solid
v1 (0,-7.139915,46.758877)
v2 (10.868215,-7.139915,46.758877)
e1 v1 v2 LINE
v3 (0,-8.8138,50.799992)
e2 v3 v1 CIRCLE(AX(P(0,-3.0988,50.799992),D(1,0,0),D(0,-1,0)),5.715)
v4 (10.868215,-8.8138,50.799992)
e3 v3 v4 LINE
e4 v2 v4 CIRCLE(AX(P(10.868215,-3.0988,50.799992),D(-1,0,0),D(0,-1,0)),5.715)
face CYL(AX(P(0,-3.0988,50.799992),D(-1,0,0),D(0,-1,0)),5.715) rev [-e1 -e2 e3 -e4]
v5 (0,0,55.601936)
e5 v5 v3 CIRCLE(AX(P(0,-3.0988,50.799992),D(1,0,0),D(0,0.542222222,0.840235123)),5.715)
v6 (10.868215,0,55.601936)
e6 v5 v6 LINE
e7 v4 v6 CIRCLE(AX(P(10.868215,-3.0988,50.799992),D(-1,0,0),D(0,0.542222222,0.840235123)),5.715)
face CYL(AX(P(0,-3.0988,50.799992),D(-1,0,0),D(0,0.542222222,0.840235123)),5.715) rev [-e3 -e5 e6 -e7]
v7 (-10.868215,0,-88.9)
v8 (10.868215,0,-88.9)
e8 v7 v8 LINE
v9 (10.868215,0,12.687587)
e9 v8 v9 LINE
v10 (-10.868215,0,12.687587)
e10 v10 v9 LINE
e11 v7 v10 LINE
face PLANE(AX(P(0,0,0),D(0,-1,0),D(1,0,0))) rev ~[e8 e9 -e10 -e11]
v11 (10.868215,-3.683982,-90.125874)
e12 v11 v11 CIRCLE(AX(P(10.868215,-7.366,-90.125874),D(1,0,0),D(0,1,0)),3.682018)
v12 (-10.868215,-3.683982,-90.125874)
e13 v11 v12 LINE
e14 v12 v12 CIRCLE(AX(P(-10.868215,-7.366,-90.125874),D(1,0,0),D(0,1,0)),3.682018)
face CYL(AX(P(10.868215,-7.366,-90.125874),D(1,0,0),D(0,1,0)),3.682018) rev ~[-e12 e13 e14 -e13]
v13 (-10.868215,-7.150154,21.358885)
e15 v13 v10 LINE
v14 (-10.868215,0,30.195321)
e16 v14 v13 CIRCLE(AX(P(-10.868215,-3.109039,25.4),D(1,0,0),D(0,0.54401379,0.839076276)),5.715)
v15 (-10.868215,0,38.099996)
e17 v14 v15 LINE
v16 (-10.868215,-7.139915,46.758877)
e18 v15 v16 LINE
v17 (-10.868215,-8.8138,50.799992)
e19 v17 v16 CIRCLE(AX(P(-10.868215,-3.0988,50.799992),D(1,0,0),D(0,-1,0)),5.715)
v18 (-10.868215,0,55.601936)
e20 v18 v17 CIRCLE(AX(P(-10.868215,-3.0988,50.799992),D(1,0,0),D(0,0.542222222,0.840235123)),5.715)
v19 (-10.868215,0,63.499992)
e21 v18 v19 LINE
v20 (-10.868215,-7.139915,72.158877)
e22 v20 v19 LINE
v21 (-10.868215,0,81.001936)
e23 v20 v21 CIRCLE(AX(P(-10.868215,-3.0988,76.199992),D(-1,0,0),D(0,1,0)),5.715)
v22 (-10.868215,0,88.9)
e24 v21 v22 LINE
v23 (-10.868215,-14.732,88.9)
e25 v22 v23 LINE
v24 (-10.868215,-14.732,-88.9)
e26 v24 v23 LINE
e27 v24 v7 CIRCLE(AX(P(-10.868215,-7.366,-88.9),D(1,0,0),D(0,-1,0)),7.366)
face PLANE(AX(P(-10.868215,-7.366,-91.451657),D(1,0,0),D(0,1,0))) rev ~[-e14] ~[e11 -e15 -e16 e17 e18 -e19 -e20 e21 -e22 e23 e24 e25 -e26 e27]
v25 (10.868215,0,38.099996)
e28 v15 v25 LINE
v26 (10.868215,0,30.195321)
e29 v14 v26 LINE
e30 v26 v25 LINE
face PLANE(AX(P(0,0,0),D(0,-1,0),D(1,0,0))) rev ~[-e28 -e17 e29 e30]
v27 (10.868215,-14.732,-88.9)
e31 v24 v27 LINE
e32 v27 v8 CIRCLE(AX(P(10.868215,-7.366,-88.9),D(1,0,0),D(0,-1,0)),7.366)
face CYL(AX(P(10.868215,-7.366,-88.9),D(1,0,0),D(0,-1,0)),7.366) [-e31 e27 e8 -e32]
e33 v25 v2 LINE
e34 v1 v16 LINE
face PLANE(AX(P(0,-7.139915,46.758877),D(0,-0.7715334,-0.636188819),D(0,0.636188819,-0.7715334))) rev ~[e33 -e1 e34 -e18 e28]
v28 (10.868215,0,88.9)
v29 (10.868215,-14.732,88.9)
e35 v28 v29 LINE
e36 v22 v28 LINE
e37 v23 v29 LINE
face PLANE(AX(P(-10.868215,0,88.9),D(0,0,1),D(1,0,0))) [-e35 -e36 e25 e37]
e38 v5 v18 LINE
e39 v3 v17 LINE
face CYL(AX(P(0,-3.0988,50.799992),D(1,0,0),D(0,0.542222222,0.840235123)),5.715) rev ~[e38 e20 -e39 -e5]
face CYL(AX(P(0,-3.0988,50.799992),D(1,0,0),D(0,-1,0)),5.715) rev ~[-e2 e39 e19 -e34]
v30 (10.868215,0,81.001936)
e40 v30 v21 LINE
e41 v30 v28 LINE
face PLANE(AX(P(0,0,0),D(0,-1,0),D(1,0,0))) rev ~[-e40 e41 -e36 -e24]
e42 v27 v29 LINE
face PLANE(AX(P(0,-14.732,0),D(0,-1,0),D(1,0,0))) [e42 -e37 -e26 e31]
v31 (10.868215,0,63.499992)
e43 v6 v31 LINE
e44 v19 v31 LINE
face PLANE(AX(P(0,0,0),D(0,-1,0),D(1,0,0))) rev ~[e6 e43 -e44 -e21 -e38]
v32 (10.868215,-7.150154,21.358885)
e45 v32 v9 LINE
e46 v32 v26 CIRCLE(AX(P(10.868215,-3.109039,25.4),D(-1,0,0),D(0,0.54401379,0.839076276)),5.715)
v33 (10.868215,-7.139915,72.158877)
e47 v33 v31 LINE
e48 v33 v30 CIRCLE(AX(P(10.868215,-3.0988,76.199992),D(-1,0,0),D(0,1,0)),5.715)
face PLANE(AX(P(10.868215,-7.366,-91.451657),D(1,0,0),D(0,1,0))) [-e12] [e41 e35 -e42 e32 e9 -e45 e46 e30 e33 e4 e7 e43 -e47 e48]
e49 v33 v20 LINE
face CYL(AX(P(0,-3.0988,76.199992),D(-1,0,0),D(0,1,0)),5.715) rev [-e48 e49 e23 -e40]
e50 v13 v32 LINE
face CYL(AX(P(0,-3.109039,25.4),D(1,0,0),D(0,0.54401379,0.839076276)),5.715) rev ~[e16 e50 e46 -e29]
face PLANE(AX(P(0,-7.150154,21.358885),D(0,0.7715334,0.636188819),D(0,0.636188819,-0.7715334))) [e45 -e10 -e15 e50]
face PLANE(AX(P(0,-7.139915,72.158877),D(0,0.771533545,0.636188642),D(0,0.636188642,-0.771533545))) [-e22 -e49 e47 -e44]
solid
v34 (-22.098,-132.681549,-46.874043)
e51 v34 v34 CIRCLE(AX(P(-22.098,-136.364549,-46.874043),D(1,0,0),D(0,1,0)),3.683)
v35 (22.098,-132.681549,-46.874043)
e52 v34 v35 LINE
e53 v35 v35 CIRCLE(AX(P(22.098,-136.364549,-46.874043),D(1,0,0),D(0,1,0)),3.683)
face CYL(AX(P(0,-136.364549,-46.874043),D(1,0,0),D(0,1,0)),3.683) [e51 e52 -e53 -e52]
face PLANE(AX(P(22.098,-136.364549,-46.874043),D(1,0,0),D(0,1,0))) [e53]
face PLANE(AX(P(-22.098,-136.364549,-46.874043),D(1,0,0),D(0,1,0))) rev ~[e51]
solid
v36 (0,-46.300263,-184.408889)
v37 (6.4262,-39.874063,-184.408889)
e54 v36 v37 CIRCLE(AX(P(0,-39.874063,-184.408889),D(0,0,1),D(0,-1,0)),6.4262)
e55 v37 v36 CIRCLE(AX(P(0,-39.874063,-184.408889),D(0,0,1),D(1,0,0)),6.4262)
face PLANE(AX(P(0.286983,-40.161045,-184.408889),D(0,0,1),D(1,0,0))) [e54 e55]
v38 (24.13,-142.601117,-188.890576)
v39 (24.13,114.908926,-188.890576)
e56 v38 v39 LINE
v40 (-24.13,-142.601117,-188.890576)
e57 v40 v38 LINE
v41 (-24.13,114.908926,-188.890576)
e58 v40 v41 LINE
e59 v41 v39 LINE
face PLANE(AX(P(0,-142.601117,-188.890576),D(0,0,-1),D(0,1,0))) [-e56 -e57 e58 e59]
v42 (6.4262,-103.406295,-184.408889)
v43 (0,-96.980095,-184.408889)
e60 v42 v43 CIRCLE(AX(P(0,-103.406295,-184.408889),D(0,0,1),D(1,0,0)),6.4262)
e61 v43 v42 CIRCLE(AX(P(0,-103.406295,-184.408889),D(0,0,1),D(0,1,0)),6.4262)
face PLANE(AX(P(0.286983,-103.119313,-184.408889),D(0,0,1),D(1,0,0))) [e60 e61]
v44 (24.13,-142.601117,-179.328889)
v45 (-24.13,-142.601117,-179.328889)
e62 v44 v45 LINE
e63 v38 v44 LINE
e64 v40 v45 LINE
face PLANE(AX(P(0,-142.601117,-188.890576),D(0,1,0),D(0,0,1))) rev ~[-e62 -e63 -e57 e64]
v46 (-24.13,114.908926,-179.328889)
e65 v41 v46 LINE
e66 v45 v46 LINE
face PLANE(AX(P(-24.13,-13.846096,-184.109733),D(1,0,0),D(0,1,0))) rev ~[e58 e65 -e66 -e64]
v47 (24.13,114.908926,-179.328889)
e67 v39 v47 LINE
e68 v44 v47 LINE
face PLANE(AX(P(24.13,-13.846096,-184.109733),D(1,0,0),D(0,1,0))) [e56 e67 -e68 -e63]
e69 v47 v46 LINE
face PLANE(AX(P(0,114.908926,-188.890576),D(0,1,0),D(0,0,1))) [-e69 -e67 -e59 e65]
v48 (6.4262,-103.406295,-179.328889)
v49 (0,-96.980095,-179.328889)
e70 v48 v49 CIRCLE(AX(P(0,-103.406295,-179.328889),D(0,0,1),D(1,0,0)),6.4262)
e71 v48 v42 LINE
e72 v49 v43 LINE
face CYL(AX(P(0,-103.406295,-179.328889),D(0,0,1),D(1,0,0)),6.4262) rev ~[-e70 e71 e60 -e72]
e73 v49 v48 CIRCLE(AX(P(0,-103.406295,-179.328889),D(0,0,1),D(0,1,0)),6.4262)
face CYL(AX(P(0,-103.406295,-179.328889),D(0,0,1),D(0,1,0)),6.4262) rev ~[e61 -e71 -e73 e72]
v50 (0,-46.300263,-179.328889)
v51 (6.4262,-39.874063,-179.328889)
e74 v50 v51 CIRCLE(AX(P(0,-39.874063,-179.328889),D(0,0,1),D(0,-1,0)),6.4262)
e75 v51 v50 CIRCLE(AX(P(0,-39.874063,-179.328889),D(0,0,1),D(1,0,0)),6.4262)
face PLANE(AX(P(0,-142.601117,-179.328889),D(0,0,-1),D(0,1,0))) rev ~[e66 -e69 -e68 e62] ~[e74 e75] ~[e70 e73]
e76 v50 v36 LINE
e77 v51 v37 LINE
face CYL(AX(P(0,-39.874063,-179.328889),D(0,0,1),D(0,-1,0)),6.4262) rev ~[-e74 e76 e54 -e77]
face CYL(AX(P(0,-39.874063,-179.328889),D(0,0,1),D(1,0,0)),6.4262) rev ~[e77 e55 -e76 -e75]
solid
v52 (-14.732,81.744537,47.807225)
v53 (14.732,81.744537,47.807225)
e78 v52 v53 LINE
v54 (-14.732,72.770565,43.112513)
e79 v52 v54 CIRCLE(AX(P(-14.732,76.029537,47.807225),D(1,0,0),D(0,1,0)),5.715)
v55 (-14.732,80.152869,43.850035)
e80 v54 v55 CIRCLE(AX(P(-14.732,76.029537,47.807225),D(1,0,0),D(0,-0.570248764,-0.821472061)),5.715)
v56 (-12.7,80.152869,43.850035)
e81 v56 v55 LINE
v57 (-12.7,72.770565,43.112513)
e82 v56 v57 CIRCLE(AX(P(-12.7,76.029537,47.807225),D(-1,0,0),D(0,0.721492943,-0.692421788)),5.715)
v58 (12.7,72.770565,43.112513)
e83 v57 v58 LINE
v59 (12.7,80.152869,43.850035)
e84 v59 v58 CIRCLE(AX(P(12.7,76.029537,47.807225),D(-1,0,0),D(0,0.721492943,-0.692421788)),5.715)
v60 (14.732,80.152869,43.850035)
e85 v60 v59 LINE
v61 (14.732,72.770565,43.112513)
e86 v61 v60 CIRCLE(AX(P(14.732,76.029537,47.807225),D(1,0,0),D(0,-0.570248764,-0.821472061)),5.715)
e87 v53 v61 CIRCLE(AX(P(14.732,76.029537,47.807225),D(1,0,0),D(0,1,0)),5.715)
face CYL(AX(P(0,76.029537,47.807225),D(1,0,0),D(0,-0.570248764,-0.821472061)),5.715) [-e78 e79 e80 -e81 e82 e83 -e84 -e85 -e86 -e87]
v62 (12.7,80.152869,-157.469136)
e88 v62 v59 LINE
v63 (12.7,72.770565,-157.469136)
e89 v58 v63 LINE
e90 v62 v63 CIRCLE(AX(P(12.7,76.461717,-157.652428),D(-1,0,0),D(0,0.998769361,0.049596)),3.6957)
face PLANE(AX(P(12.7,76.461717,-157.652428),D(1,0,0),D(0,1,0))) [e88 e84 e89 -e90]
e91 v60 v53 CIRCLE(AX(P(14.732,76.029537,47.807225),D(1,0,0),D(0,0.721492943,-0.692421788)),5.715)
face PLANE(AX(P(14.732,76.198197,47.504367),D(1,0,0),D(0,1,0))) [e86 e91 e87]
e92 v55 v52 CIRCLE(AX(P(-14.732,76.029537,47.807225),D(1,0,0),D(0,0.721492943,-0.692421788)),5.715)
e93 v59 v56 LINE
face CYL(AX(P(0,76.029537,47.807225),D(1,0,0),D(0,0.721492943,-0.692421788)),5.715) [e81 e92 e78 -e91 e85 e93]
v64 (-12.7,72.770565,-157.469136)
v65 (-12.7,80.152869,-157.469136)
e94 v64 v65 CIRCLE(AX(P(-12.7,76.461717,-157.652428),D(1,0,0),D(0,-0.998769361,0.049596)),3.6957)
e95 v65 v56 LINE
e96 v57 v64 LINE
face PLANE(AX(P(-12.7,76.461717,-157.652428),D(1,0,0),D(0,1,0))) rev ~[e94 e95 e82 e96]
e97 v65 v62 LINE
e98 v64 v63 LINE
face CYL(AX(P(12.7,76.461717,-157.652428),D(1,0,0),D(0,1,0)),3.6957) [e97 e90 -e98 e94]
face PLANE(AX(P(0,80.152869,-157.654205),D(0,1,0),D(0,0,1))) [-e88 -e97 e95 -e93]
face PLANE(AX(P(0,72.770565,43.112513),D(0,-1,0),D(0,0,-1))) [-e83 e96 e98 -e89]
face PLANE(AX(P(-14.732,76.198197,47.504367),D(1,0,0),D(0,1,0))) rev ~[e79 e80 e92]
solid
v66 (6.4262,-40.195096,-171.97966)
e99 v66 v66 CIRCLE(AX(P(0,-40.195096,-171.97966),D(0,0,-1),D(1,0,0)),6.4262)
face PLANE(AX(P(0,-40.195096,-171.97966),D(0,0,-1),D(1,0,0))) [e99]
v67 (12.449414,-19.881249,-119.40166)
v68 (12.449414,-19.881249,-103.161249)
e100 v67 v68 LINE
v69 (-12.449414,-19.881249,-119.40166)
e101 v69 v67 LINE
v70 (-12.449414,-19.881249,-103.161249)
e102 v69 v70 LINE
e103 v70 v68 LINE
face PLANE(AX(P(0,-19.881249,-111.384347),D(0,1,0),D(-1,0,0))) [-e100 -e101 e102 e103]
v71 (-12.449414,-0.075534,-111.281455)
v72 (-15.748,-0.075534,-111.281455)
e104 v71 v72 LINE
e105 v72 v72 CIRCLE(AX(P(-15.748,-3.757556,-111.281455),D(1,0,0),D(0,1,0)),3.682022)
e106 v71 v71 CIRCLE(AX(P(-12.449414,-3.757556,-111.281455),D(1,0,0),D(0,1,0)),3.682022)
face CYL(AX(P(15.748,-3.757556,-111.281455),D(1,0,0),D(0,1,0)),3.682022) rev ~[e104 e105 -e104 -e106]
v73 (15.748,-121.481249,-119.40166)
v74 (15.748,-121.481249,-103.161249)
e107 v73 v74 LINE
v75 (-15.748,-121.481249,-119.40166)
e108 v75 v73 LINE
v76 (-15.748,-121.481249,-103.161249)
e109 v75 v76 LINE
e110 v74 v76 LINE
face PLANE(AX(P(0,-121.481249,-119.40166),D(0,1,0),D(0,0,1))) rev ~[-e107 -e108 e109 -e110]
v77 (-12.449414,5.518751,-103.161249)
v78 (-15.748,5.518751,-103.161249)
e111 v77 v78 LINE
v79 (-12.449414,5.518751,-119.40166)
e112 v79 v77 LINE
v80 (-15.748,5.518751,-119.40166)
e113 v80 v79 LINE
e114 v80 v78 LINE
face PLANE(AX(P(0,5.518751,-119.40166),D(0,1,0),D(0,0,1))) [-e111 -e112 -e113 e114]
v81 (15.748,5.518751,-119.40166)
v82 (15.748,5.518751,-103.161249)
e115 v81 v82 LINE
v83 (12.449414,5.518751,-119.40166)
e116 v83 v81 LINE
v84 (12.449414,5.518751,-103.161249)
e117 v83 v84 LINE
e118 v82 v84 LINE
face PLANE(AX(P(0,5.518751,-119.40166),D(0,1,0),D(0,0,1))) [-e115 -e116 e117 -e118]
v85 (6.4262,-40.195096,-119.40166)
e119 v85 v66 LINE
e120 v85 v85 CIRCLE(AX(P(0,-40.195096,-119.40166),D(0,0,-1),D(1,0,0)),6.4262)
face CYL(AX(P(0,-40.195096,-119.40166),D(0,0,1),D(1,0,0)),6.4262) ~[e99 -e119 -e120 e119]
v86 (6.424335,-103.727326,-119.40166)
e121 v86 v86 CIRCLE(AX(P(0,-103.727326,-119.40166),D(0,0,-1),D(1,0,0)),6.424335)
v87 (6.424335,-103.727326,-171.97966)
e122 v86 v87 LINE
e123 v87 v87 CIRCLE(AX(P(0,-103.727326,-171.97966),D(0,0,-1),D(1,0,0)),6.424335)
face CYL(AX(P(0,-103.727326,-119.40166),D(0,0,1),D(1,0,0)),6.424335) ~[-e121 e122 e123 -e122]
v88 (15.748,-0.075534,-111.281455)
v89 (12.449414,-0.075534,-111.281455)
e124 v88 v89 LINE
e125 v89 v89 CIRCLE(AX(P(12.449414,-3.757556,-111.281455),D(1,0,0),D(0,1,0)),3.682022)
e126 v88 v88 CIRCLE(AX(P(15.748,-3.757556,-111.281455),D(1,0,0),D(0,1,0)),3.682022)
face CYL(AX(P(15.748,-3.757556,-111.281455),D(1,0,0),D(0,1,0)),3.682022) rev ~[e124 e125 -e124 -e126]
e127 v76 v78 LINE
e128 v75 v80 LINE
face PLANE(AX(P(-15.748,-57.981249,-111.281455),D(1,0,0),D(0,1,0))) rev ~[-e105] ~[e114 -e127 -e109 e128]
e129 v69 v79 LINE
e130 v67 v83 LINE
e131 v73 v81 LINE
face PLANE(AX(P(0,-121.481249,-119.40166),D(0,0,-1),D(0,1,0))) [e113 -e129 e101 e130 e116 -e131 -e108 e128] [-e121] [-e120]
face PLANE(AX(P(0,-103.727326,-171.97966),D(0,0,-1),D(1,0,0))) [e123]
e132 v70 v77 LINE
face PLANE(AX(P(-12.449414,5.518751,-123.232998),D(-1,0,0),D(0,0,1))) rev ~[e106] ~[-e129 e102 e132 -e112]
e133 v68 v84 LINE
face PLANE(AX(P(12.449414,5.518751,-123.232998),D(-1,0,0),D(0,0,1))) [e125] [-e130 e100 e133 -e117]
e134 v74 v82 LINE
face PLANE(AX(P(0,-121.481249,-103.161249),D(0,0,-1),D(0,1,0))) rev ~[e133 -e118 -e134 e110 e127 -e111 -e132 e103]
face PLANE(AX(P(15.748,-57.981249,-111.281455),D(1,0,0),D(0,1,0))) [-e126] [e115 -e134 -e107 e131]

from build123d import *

# Parameters (mm, degrees)
F0_W      = 21.7364291739
F0_H      = 177.8
F1_DEPTH  = 14.732
F3_DEPTH  = 12.7
F5_DEPTH  = 14.732
F7_DEPTH  = 21.7364291739
F8_W      = 127
F8_H      = 16.2404104558
F9_DEPTH  = 15.748
F10_W     = 24.898827076
F10_H     = 23.6973017454
F11_DEPTH = 25.4
F12_R     = 3.6820181577
F13_DEPTH = 25.4
F14_R     = 3.6820221
F15_DEPTH = 35.6616
F16_R     = 3.683
F17_DEPTH = 22.098
F18_DEPTH = 12.7
F19_W     = 257.5100436807
F19_H     = 9.5616877079
F20_DEPTH = 24.13
F21_R     = 6.4243348959
F21_R_2   = 6.4262
F22_DEPTH = 52.578
F24_DEPTH = 5.08
F25_R     = 3.6957
F26_DEPTH = 25.4


with BuildPart() as f1:
    # F0 (on Front) → F1 (new body)
    with BuildSketch(Plane.XZ):
        Rectangle(F0_W, F0_H)
    extrude(amount=F1_DEPTH)

    # F2 (on Right) → F3 (cut, symmetric)
    with BuildSketch(Plane.YZ):
        with BuildLine():
            Line((-7.1501540619, 21.3588847455), (0, 12.6875869924))
            Line((0, 12.6875869924), (0, 20.6046790833))
            ThreePointArc((0, 20.6046790833), (-3.7085370735, 19.7165303881), (-7.1501540619, 21.3588847455))
        make_face()
        with BuildLine():
            Line((-7.1399152545, 72.158876681), (0, 63.4999919355))
            Line((0, 63.4999919355), (0, 71.3980482082))
            ThreePointArc((0, 71.3980482082), (-3.7043613107, 70.5171651302), (-7.1399152545, 72.158876681))
        make_face()
        with BuildLine():
            Line((0, 71.3980482082), (0, 63.4999919355))
            Line((0, 63.4999919355), (2.1877065946, 74.0288003213))
            ThreePointArc((2.1877065946, 74.0288003213), (1.2953501842, 72.5458615111), (0, 71.3980482082))
        make_face()
        with BuildLine():
            Line((-7.1399152545, 46.758876681), (0, 38.0999959677))
            Line((0, 38.0999959677), (0, 45.9980482082))
            ThreePointArc((0, 45.9980482082), (-3.7043613107, 45.1171651302), (-7.1399152545, 46.758876681))
        make_face()
        with BuildLine():
            Line((0, 45.9980482082), (0, 38.0999959677))
            Line((0, 38.0999959677), (2.1600974907, 48.5627565472))
            ThreePointArc((2.1600974907, 48.5627565472), (1.2723793663, 47.11841402), (0, 45.9980482082))
        make_face()
        with BuildLine():
            Line((0, 20.6046790833), (0, 12.6875869924))
            Line((0, 12.6875869924), (2.1389110751, 23.1372037145))
            ThreePointArc((2.1389110751, 23.1372037145), (1.2571076907, 21.712454779), (0, 20.6046790833))
        make_face()
        with BuildLine():
            ThreePointArc((-7.1501540619, 21.3588847455), (-3.7085370735, 19.7165303881), (0, 20.6046790833))
            Line((0, 20.6046790833), (0, 25.4))
            Line((0, 25.4), (-3.1090388075, 25.4))
            Line((-3.1090388075, 25.4), (-8.8240388075, 25.4))
            ThreePointArc((-8.8240388075, 25.4), (-8.3890103358, 23.212964184), (-7.1501540619, 21.3588847455))
        make_face()
        with BuildLine():
            Line((0, 25.4), (0, 20.6046790833))
            ThreePointArc((0, 20.6046790833), (1.2571076907, 21.712454779), (2.1389110751, 23.1372037145))
            Line((2.1389110751, 23.1372037145), (2.6059302097, 25.4188184178))
            ThreePointArc((2.6059302097, 25.4188184178), (1.9078848069, 28.1370974494), (0, 30.1953209167))
            Line((0, 30.1953209167), (0, 25.4))
        make_face()
        with BuildLine():
            Line((2.6059302097, 25.4188184178), (2.1389110751, 23.1372037145))
            ThreePointArc((2.1389110751, 23.1372037145), (2.4879808718, 24.2447529656), (2.6059611925, 25.4))
            ThreePointArc((2.6059611925, 25.4), (2.6059534468, 25.4094092216), (2.6059302097, 25.4188184178))
        make_face()
        with BuildLine():
            Line((-3.1090388075, 25.4), (0, 25.4))
            Line((0, 25.4), (0, 30.1953209167))
            ThreePointArc((0, 30.1953209167), (-5.837872644, 30.4214231939), (-8.8240388075, 25.4))
            Line((-8.8240388075, 25.4), (-3.1090388075, 25.4))
        make_face()
        with BuildLine():
            ThreePointArc((-7.1399152545, 46.758876681), (-3.7043613107, 45.1171651302), (0, 45.9980482082))
            Line((0, 45.9980482082), (0, 50.7999919355))
            Line((0, 50.7999919355), (-3.0988, 50.7999919355))
            Line((-3.0988, 50.7999919355), (-8.8138, 50.7999919355))
            ThreePointArc((-8.8138, 50.7999919355), (-8.3787715283, 48.6129561195), (-7.1399152545, 46.758876681))
        make_face()
        with BuildLine():
            Line((0, 50.7999919355), (0, 45.9980482082))
            ThreePointArc((0, 45.9980482082), (1.2723793663, 47.11841402), (2.1600974907, 48.5627565472))
            Line((2.1600974907, 48.5627565472), (2.6161295599, 50.7716172016))
            ThreePointArc((2.6161295599, 50.7716172016), (2.6161823899, 50.7858045248), (2.6162, 50.7999919355))
            ThreePointArc((2.6162, 50.7999919355), (1.9197090914, 53.5341813035), (0, 55.6019356628))
            Line((0, 55.6019356628), (0, 50.7999919355))
        make_face()
        with BuildLine():
            Line((2.6161295599, 50.7716172016), (2.1600974907, 48.5627565472))
            ThreePointArc((2.1600974907, 48.5627565472), (2.4981622459, 49.644466679), (2.6161295599, 50.7716172016))
        make_face()
        with BuildLine():
            Line((-3.0988, 50.7999919355), (0, 50.7999919355))
            Line((0, 50.7999919355), (0, 55.6019356628))
            ThreePointArc((0, 55.6019356628), (-5.832989368, 55.8185010268), (-8.8138, 50.7999919355))
            Line((-8.8138, 50.7999919355), (-3.0988, 50.7999919355))
        make_face()
        with BuildLine():
            ThreePointArc((-7.1399152545, 72.158876681), (-3.7043613107, 70.5171651302), (0, 71.3980482082))
            ThreePointArc((0, 71.3980482082), (1.2953501842, 72.5458615111), (2.1877065946, 74.0288003213))
            Line((2.1877065946, 74.0288003213), (2.6150529763, 76.085496671))
            ThreePointArc((2.6150529763, 76.085496671), (2.6159132369, 76.1427414306), (2.6162, 76.1999919355))
            ThreePointArc((2.6162, 76.1999919355), (-5.285835816, 81.4799634638), (-7.1399152545, 72.158876681))
        make_face()
        with BuildLine():
            Line((2.6150529763, 76.085496671), (2.1877065946, 74.0288003213))
            ThreePointArc((2.1877065946, 74.0288003213), (2.4966872568, 75.037345231), (2.6150529763, 76.085496671))
        make_face()
    extrude(amount=F3_DEPTH, both=True, mode=Mode.SUBTRACT)

    # F6 (on face) → F7 (join, through all)
    with BuildSketch(Plane.YZ.offset(10.868214587)):
        with BuildLine():
            ThreePointArc((-14.732, -88.9), (-7.366, -96.266), (0, -88.9))
            Line((0, -88.9), (-14.732, -88.9))
        make_face()
    extrude(amount=-F7_DEPTH)

    # F12 (on face) → F13 (cut)
    with BuildSketch(Plane.YZ.offset(10.868214587)):
        with Locations((-7.366, -90.1258736849)):
            Circle(F12_R)
    extrude(amount=-F13_DEPTH, mode=Mode.SUBTRACT)


with BuildPart() as f5:
    # F4 (on Right) → F5 (new body, symmetric)
    with BuildSketch(Plane.YZ):
        with BuildLine():
            ThreePointArc((80.1528692245, 43.850034868), (81.3317096445, 45.6745766072), (81.7445370543, 47.8072253883))
            ThreePointArc((81.7445370543, 47.8072253883), (73.3803672019, 52.871129425), (72.7705653683, 43.112512559))
            ThreePointArc((72.7705653683, 43.112512559), (76.5976607651, 42.1205338678), (80.1528692245, 43.850034868))
        make_face()
    extrude(amount=F5_DEPTH, both=True)

    # F4 (on Right) → F18 (join, symmetric)
    with BuildSketch(Plane.YZ):
        with BuildLine():
            ThreePointArc((80.1528692245, 43.850034868), (76.5976607651, 42.1205338678), (72.7705653683, 43.112512559))
            Line((72.7705653683, 43.112512559), (72.7705653683, -68.5353949666))
            Line((72.7705653683, -68.5353949666), (72.7705653683, -157.6506513908))
            Line((72.7705653683, -157.6506513908), (72.7716081045, -157.6506518927))
            Line((72.7716081045, -157.6506518927), (80.1528692245, -157.6542048473))
            Line((80.1528692245, -157.6542048473), (80.1528692245, -68.5353949666))
            Line((80.1528692245, -68.5353949666), (80.1528692245, 43.850034868))
        make_face()
    extrude(amount=F18_DEPTH, both=True)

    # F25 (on face) → F26 (join)
    with BuildSketch(Plane.YZ.offset(12.7)):
        with Locations((76.4617172964, -157.652428119)):
            Circle(F25_R)
    extrude(amount=-F26_DEPTH)


with BuildPart() as f9:
    # F8 (on Right) → F9 (new body, symmetric)
    with BuildSketch(Plane.YZ):
        with Locations((-57.981248945, -111.2814545631)):
            Rectangle(F8_W, F8_H)
    extrude(amount=F9_DEPTH, both=True)

    # F10 (on face) → F11 (cut)
    with BuildSketch(Plane(origin=(0, 5.518751055, 0), x_dir=(-1, 0, 0), z_dir=(0, 1, 0))):
        with Locations((0, -111.3843470812)):
            Rectangle(F10_W, F10_H)
    extrude(amount=-F11_DEPTH, mode=Mode.SUBTRACT)

    # F14 (on face) → F15 (cut)
    with BuildSketch(Plane.YZ.offset(15.748)):
        with Locations((-3.7575557362, -111.2814545631)):
            Circle(F14_R)
    extrude(amount=-F15_DEPTH, mode=Mode.SUBTRACT)

    # F21 (on face) → F22 (join)
    with BuildSketch(Plane(origin=(0, 0, -119.4016597911), x_dir=(1, 0, 0), z_dir=(0, 0, -1))):
        with Locations((0, 103.7273257971)):
            Circle(F21_R)
        with Locations((0, 40.1950962842)):
            Circle(F21_R_2)
    extrude(amount=F22_DEPTH)


with BuildPart() as f17:
    # F16 (on Right) → F17 (new body, symmetric)
    with BuildSketch(Plane.YZ):
        with Locations((-136.3645493984, -46.8740426004)):
            Circle(F16_R)
    extrude(amount=F17_DEPTH, both=True)


with BuildPart() as f20:
    # F19 (on Right) → F20 (new body, symmetric)
    with BuildSketch(Plane.YZ):
        with Locations((-13.8460956514, -184.1097325087)):
            Rectangle(F19_W, F19_H)
    extrude(amount=F20_DEPTH, both=True)

    # F23 (on face) → F24 (cut)
    with BuildSketch(Plane.XY.offset(-179.3288886547)):
        with BuildLine():
            ThreePointArc((0, -96.9800951803), (-4.5440095973, -107.9503047776), (6.4262, -103.4062951803))
            ThreePointArc((6.4262, -103.4062951803), (4.5440095973, -98.8622855831), (0, -96.9800951803))
        make_face()
        with BuildLine():
            ThreePointArc((6.4262, -39.8740625803), (-4.5440095973, -35.3300529831), (0, -46.3002625803))
            ThreePointArc((0, -46.3002625803), (4.5440095973, -44.4180721776), (6.4262, -39.8740625803))
        make_face()
    extrude(amount=-F24_DEPTH, mode=Mode.SUBTRACT)


solid = Compound([f1.part, f5.part, f9.part, f17.part, f20.part])
